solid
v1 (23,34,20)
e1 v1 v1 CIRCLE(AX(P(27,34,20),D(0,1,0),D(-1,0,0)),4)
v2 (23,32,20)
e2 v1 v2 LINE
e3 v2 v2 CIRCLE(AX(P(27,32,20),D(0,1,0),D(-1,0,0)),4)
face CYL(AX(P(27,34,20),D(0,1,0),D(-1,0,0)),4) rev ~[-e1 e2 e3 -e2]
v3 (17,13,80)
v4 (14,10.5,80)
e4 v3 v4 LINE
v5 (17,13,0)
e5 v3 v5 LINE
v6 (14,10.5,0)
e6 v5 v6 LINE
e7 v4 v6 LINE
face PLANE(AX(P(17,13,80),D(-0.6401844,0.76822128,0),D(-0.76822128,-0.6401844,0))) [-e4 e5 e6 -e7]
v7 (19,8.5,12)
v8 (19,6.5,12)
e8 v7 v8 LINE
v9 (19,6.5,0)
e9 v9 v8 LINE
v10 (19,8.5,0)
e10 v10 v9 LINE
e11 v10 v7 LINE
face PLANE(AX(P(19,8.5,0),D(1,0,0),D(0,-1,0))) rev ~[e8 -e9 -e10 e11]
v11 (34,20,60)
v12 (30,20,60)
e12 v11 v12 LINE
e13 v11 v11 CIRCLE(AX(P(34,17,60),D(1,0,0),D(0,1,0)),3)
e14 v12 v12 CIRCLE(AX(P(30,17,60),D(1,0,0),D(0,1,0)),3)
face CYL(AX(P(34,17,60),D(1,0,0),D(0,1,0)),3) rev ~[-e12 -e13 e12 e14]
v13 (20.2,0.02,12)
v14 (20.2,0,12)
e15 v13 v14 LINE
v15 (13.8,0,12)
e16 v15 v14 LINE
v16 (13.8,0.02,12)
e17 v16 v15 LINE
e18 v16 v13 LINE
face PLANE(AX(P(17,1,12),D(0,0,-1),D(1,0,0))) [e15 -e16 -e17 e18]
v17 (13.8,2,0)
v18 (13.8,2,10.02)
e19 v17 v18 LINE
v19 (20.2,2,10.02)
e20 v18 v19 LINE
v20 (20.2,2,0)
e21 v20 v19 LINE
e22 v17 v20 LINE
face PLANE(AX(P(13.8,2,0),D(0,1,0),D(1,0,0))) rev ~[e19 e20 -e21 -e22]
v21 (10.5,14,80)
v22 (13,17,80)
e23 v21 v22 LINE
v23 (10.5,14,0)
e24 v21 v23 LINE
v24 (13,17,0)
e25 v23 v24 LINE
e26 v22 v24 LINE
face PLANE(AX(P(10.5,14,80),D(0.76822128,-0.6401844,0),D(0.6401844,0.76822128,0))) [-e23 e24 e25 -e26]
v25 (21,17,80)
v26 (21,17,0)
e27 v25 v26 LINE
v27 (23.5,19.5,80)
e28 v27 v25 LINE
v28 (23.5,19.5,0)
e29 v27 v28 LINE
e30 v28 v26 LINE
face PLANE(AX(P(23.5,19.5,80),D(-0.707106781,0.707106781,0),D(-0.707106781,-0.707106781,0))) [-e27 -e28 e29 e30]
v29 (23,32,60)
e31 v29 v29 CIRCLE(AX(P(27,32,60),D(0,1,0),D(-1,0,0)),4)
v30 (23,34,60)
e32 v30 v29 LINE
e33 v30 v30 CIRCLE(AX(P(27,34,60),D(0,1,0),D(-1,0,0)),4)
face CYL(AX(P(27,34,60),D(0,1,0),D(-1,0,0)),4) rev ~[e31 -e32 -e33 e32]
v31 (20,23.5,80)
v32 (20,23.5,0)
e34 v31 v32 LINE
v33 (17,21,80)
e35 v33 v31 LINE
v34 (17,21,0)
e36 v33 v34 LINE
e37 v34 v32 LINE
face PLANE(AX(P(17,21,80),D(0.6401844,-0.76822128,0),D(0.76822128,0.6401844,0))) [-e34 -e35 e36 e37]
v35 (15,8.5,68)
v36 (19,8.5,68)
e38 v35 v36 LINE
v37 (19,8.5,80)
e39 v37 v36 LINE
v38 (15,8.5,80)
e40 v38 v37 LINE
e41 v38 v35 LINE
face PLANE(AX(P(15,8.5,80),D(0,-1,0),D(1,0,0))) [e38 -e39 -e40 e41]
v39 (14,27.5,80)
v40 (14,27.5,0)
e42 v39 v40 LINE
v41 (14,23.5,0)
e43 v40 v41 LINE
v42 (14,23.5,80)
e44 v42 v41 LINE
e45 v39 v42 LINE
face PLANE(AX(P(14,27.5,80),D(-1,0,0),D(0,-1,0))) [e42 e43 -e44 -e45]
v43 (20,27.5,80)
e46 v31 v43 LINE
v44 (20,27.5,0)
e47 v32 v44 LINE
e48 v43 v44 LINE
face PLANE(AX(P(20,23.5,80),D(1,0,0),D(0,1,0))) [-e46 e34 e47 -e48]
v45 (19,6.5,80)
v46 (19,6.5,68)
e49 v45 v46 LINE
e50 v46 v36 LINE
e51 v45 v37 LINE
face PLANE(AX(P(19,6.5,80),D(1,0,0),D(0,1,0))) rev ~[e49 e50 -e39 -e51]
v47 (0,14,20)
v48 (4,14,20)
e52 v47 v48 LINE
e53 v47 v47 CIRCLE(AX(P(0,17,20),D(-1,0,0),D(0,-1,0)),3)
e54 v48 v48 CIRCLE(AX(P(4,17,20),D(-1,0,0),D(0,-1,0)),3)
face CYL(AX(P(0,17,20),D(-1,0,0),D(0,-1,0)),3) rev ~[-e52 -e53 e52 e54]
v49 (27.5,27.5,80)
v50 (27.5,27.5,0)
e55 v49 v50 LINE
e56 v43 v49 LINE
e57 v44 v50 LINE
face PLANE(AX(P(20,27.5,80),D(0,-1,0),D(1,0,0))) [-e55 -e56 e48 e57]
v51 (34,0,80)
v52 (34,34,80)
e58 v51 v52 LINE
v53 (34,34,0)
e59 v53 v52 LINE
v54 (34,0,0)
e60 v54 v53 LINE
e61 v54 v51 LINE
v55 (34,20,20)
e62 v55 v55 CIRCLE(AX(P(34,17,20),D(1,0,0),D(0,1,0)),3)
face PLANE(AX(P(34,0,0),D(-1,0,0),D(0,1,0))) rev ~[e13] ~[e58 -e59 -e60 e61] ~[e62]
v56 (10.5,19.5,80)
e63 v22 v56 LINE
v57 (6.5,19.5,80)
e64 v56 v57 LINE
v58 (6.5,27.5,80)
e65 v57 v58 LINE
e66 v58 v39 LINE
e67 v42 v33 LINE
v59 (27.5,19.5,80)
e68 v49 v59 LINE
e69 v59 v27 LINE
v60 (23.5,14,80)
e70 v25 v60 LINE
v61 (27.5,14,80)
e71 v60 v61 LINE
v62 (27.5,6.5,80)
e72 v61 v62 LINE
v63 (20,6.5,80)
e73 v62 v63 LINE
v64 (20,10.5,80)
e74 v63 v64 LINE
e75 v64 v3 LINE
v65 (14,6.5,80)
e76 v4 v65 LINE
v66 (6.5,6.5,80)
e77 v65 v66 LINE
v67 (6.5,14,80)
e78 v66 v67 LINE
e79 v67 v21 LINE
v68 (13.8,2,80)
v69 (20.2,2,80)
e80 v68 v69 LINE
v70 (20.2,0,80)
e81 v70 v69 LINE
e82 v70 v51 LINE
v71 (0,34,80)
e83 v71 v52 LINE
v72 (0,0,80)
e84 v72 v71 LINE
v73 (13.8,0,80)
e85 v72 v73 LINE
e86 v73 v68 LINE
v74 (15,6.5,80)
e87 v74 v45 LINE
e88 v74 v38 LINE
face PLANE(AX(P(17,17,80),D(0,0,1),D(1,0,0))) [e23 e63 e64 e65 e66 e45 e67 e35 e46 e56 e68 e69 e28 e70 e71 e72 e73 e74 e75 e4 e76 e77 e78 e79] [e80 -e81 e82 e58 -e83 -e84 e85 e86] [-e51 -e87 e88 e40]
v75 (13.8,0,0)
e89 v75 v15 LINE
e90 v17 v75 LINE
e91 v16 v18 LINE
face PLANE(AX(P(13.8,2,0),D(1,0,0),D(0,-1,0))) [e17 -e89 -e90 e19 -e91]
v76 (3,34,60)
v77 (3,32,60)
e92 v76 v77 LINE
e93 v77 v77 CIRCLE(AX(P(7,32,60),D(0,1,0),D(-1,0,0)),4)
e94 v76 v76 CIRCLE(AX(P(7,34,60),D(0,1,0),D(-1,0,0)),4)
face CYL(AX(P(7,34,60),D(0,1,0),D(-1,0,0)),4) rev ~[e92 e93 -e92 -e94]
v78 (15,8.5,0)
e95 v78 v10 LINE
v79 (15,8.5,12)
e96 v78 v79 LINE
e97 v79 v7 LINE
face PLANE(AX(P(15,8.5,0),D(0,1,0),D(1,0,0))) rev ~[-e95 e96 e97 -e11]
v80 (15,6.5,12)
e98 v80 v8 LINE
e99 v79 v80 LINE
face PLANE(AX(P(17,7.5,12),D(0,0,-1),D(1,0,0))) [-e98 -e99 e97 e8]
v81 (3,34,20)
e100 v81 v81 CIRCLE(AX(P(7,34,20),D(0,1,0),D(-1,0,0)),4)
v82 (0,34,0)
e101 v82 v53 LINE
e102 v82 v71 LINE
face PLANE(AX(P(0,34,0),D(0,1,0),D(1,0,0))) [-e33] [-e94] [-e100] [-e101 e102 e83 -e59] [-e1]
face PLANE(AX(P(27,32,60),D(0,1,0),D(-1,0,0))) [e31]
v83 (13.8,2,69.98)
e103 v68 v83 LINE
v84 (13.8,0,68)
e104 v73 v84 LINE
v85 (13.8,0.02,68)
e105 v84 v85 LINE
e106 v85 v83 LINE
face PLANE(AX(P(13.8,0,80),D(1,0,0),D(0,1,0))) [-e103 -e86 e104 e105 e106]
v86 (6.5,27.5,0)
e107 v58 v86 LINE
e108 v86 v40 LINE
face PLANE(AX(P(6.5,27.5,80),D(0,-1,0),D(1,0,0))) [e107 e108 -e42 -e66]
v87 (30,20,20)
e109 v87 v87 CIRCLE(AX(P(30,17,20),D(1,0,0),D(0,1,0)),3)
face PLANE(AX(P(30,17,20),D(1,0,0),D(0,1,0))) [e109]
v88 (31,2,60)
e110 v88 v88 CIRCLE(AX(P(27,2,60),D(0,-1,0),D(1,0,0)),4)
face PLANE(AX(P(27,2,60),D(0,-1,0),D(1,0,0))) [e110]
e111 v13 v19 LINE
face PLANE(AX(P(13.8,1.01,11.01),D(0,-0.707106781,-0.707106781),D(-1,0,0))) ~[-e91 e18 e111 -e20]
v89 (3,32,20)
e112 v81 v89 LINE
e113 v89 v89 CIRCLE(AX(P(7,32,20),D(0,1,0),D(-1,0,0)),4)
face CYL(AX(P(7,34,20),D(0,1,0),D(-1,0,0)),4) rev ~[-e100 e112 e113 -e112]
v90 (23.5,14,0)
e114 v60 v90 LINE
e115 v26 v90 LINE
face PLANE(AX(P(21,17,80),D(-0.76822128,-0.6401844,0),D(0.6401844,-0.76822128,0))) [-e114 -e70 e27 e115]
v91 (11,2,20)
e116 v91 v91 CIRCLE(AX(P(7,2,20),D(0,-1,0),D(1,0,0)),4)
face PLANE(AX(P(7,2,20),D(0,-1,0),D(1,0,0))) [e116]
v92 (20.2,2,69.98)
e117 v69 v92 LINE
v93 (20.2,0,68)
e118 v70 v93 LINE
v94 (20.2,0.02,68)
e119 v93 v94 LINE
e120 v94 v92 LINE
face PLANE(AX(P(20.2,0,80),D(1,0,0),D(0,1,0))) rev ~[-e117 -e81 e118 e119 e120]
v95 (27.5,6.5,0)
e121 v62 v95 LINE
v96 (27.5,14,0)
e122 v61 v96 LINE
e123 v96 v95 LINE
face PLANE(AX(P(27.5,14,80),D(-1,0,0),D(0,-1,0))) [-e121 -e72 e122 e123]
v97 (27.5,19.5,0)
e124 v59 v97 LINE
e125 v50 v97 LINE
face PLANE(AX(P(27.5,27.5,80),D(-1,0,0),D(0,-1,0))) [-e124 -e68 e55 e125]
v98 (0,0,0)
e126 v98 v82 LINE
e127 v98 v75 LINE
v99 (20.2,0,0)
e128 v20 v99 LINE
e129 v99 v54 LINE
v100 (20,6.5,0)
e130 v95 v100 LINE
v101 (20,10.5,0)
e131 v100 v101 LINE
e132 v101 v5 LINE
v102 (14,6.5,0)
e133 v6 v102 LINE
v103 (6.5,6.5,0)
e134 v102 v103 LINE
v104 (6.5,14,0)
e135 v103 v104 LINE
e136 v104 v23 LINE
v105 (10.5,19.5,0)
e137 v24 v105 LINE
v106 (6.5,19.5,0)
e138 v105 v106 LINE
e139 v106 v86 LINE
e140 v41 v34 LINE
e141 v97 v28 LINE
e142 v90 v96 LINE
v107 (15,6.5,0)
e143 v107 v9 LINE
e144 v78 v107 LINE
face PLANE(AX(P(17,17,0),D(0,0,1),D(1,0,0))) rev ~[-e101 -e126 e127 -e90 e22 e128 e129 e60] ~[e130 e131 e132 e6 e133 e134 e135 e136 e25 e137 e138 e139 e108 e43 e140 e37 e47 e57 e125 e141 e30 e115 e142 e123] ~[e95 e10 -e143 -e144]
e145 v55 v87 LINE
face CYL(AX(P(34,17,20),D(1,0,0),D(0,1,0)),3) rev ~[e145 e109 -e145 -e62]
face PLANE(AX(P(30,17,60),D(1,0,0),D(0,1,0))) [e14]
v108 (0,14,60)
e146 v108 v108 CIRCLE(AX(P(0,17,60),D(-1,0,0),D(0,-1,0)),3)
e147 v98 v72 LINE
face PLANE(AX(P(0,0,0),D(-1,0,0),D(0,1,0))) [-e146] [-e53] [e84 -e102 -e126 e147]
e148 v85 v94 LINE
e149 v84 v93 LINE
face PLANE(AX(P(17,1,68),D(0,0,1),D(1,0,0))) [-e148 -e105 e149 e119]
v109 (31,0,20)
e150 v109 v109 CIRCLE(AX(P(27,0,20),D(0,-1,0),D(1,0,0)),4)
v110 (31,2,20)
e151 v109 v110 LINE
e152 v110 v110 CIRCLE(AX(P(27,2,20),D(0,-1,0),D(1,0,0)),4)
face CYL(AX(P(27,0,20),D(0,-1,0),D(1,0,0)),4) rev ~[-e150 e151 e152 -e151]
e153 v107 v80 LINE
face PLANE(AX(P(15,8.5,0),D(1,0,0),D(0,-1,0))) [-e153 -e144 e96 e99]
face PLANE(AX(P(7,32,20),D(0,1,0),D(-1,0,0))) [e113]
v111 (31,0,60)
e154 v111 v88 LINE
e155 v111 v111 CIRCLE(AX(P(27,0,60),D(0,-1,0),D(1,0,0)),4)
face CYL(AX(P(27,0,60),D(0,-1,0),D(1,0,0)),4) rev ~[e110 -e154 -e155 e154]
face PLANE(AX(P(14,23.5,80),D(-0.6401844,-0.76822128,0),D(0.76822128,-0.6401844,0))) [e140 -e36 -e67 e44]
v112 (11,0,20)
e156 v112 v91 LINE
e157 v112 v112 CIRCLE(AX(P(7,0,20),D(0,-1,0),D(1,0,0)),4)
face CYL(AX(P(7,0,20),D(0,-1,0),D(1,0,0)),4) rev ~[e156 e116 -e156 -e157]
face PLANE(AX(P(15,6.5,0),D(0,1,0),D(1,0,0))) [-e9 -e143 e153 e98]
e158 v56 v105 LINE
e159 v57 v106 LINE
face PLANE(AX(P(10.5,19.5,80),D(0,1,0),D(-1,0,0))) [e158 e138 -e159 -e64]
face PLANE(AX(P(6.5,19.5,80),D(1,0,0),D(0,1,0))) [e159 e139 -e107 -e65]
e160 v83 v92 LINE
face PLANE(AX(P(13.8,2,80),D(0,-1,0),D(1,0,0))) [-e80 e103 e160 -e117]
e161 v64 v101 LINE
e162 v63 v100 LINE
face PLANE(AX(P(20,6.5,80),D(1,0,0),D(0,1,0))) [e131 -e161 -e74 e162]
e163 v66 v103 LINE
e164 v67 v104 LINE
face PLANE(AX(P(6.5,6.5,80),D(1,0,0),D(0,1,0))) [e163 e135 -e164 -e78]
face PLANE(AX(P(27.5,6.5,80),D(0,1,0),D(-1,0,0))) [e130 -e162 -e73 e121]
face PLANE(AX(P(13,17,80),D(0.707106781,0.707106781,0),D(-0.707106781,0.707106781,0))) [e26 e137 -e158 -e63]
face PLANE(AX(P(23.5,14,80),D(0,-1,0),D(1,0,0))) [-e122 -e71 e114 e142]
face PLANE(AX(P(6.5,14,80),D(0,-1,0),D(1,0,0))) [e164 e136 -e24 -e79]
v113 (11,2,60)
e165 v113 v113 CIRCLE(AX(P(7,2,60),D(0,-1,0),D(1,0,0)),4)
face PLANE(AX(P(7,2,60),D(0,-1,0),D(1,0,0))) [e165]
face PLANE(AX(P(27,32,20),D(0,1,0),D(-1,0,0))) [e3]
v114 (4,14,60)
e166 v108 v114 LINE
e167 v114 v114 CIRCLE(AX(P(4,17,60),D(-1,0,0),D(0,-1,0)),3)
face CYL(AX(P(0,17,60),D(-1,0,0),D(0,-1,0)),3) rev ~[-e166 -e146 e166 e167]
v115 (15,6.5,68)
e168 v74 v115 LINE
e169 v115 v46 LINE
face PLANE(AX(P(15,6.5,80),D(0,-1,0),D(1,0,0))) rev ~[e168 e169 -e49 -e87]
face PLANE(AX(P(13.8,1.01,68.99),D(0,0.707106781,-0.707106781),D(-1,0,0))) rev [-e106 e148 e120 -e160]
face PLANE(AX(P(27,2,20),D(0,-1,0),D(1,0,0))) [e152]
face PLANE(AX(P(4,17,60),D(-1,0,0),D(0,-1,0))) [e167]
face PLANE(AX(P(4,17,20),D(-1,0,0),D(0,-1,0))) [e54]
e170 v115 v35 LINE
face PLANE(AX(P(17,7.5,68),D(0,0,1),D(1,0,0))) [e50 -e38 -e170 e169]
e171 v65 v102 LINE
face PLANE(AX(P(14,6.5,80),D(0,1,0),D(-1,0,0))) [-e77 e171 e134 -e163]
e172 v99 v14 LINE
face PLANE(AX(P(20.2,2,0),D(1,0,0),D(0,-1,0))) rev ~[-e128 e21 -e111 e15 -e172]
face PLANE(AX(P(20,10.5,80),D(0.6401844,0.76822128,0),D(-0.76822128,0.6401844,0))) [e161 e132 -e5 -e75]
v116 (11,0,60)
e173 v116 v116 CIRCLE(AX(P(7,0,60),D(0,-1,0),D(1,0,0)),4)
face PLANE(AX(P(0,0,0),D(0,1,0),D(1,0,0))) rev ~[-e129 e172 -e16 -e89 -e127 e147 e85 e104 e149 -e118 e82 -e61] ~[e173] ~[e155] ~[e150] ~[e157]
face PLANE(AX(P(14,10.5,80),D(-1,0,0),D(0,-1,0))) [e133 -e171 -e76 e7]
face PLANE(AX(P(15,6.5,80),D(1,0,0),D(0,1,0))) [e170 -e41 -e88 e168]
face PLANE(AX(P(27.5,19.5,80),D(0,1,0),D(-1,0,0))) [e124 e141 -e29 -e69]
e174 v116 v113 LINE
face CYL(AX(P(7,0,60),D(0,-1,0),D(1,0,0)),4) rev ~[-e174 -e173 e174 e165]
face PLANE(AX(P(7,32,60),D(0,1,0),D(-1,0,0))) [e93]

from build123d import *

# Parameters (mm, degrees)
SKETCH_W        = 34
SKETCH_H        = 34
PAD_DEPTH       = 80
POCKET_DEPTH    = 80
SKETCH002_R     = 3
POCKET001_DEPTH = 4
SKETCH003_R     = 3
POCKET002_DEPTH = 4
SKETCH004_R     = 4
POCKET003_DEPTH = 2
SKETCH005_R     = 4
POCKET004_DEPTH = 2
SKETCH006_W     = 6.4
SKETCH006_H     = 2
SKETCH006_W_2   = 4
POCKET005_DEPTH = 12
SKETCH007_W     = 6.4
SKETCH007_H     = 2
SKETCH007_W_2   = 4
POCKET006_DEPTH = 12
CHAMFER_SIZE    = 1.98
CHAMFER001_SIZE = 1.98


with BuildPart() as part:
    # Sketch → Pad (new body)
    with BuildSketch(Plane.XY):
        with Locations((17, 17)):
            Rectangle(SKETCH_W, SKETCH_H)
    extrude(amount=PAD_DEPTH)

    # Sketch001 (on Face6 of Pad) → Pocket (cut)
    with BuildSketch(Plane.XY.offset(80)):
        Polygon((6.5, 27.5), (14, 27.5), (14, 23.5), (17, 21), (20, 23.5), (20, 27.5), (27.5, 27.5), (27.5, 19.5), (23.5, 19.5), (21, 17), (23.5, 14), (27.5, 14), (27.5, 6.5), (20, 6.5), (20, 10.5), (17, 13), (14, 10.5), (14, 6.5), (6.5, 6.5), (6.5, 14), (10.5, 14), (13, 17), (10.5, 19.5), (6.5, 19.5), align=None)
    extrude(amount=-POCKET_DEPTH, mode=Mode.SUBTRACT)

    # Sketch002 (on Face2 of Pocket) → Pocket001 (cut)
    with BuildSketch(Plane(origin=(0, 0, 0), x_dir=(0, -1, 0), z_dir=(-1, 0, 0))):
        with Locations((-17, 60)):
            Circle(SKETCH002_R)
        with Locations((-17, 20)):
            Circle(SKETCH002_R)
    extrude(amount=-POCKET001_DEPTH, mode=Mode.SUBTRACT)

    # Sketch003 (on Face3 of Pocket001) → Pocket002 (cut)
    with BuildSketch(Plane.YZ.offset(34)):
        with Locations((17, 60)):
            Circle(SKETCH003_R)
        with Locations((17, 20)):
            Circle(SKETCH003_R)
    extrude(amount=-POCKET002_DEPTH, mode=Mode.SUBTRACT)

    # Sketch004 (on Face1 of Pocket002) → Pocket003 (cut)
    with BuildSketch(Plane(origin=(0, 34, 0), x_dir=(-1, 0, 0), z_dir=(0, 1, 0))):
        with Locations((-27, 60)):
            Circle(SKETCH004_R)
        with Locations((-7, 60)):
            Circle(SKETCH004_R)
        with Locations((-27, 20)):
            Circle(SKETCH004_R)
        with Locations((-7, 20)):
            Circle(SKETCH004_R)
    extrude(amount=-POCKET003_DEPTH, mode=Mode.SUBTRACT)

    # Sketch005 (on Face10 of Pocket003) → Pocket004 (cut)
    with BuildSketch(Plane.XZ):
        with Locations((7, 60)):
            Circle(SKETCH005_R)
        with Locations((27, 60)):
            Circle(SKETCH005_R)
        with Locations((7, 20)):
            Circle(SKETCH005_R)
        with Locations((27, 20)):
            Circle(SKETCH005_R)
    extrude(amount=-POCKET004_DEPTH, mode=Mode.SUBTRACT)

    # Sketch006 (on Face4 of Pocket004) → Pocket005 (cut)
    with BuildSketch(Plane.XY.offset(80)):
        with Locations((17, 1)):
            Rectangle(SKETCH006_W, SKETCH006_H)
        with Locations((17, 7.5)):
            Rectangle(SKETCH006_W_2, SKETCH006_H)
    extrude(amount=-POCKET005_DEPTH, mode=Mode.SUBTRACT)

    # Sketch007 (on Face3 of Pocket005) → Pocket006 (cut)
    with BuildSketch(Plane(origin=(0, 0, 0), x_dir=(1, 0, 0), z_dir=(0, 0, -1))):
        with Locations((17, -1)):
            Rectangle(SKETCH007_W, SKETCH007_H)
        with Locations((17, -7.5)):
            Rectangle(SKETCH007_W_2, SKETCH007_H)
    extrude(amount=-POCKET006_DEPTH, mode=Mode.SUBTRACT)

    # Chamfer
    chamfer_edges = [part.edges().sort_by_distance(p)[0] for p in [
        (17, 2, 12),
    ]]
    chamfer(chamfer_edges, length=CHAMFER_SIZE)

    # Chamfer001
    chamfer001_edges = [part.edges().sort_by_distance(p)[0] for p in [
        (17, 2, 68),
    ]]
    chamfer(chamfer001_edges, length=CHAMFER001_SIZE)


solid = part.part
